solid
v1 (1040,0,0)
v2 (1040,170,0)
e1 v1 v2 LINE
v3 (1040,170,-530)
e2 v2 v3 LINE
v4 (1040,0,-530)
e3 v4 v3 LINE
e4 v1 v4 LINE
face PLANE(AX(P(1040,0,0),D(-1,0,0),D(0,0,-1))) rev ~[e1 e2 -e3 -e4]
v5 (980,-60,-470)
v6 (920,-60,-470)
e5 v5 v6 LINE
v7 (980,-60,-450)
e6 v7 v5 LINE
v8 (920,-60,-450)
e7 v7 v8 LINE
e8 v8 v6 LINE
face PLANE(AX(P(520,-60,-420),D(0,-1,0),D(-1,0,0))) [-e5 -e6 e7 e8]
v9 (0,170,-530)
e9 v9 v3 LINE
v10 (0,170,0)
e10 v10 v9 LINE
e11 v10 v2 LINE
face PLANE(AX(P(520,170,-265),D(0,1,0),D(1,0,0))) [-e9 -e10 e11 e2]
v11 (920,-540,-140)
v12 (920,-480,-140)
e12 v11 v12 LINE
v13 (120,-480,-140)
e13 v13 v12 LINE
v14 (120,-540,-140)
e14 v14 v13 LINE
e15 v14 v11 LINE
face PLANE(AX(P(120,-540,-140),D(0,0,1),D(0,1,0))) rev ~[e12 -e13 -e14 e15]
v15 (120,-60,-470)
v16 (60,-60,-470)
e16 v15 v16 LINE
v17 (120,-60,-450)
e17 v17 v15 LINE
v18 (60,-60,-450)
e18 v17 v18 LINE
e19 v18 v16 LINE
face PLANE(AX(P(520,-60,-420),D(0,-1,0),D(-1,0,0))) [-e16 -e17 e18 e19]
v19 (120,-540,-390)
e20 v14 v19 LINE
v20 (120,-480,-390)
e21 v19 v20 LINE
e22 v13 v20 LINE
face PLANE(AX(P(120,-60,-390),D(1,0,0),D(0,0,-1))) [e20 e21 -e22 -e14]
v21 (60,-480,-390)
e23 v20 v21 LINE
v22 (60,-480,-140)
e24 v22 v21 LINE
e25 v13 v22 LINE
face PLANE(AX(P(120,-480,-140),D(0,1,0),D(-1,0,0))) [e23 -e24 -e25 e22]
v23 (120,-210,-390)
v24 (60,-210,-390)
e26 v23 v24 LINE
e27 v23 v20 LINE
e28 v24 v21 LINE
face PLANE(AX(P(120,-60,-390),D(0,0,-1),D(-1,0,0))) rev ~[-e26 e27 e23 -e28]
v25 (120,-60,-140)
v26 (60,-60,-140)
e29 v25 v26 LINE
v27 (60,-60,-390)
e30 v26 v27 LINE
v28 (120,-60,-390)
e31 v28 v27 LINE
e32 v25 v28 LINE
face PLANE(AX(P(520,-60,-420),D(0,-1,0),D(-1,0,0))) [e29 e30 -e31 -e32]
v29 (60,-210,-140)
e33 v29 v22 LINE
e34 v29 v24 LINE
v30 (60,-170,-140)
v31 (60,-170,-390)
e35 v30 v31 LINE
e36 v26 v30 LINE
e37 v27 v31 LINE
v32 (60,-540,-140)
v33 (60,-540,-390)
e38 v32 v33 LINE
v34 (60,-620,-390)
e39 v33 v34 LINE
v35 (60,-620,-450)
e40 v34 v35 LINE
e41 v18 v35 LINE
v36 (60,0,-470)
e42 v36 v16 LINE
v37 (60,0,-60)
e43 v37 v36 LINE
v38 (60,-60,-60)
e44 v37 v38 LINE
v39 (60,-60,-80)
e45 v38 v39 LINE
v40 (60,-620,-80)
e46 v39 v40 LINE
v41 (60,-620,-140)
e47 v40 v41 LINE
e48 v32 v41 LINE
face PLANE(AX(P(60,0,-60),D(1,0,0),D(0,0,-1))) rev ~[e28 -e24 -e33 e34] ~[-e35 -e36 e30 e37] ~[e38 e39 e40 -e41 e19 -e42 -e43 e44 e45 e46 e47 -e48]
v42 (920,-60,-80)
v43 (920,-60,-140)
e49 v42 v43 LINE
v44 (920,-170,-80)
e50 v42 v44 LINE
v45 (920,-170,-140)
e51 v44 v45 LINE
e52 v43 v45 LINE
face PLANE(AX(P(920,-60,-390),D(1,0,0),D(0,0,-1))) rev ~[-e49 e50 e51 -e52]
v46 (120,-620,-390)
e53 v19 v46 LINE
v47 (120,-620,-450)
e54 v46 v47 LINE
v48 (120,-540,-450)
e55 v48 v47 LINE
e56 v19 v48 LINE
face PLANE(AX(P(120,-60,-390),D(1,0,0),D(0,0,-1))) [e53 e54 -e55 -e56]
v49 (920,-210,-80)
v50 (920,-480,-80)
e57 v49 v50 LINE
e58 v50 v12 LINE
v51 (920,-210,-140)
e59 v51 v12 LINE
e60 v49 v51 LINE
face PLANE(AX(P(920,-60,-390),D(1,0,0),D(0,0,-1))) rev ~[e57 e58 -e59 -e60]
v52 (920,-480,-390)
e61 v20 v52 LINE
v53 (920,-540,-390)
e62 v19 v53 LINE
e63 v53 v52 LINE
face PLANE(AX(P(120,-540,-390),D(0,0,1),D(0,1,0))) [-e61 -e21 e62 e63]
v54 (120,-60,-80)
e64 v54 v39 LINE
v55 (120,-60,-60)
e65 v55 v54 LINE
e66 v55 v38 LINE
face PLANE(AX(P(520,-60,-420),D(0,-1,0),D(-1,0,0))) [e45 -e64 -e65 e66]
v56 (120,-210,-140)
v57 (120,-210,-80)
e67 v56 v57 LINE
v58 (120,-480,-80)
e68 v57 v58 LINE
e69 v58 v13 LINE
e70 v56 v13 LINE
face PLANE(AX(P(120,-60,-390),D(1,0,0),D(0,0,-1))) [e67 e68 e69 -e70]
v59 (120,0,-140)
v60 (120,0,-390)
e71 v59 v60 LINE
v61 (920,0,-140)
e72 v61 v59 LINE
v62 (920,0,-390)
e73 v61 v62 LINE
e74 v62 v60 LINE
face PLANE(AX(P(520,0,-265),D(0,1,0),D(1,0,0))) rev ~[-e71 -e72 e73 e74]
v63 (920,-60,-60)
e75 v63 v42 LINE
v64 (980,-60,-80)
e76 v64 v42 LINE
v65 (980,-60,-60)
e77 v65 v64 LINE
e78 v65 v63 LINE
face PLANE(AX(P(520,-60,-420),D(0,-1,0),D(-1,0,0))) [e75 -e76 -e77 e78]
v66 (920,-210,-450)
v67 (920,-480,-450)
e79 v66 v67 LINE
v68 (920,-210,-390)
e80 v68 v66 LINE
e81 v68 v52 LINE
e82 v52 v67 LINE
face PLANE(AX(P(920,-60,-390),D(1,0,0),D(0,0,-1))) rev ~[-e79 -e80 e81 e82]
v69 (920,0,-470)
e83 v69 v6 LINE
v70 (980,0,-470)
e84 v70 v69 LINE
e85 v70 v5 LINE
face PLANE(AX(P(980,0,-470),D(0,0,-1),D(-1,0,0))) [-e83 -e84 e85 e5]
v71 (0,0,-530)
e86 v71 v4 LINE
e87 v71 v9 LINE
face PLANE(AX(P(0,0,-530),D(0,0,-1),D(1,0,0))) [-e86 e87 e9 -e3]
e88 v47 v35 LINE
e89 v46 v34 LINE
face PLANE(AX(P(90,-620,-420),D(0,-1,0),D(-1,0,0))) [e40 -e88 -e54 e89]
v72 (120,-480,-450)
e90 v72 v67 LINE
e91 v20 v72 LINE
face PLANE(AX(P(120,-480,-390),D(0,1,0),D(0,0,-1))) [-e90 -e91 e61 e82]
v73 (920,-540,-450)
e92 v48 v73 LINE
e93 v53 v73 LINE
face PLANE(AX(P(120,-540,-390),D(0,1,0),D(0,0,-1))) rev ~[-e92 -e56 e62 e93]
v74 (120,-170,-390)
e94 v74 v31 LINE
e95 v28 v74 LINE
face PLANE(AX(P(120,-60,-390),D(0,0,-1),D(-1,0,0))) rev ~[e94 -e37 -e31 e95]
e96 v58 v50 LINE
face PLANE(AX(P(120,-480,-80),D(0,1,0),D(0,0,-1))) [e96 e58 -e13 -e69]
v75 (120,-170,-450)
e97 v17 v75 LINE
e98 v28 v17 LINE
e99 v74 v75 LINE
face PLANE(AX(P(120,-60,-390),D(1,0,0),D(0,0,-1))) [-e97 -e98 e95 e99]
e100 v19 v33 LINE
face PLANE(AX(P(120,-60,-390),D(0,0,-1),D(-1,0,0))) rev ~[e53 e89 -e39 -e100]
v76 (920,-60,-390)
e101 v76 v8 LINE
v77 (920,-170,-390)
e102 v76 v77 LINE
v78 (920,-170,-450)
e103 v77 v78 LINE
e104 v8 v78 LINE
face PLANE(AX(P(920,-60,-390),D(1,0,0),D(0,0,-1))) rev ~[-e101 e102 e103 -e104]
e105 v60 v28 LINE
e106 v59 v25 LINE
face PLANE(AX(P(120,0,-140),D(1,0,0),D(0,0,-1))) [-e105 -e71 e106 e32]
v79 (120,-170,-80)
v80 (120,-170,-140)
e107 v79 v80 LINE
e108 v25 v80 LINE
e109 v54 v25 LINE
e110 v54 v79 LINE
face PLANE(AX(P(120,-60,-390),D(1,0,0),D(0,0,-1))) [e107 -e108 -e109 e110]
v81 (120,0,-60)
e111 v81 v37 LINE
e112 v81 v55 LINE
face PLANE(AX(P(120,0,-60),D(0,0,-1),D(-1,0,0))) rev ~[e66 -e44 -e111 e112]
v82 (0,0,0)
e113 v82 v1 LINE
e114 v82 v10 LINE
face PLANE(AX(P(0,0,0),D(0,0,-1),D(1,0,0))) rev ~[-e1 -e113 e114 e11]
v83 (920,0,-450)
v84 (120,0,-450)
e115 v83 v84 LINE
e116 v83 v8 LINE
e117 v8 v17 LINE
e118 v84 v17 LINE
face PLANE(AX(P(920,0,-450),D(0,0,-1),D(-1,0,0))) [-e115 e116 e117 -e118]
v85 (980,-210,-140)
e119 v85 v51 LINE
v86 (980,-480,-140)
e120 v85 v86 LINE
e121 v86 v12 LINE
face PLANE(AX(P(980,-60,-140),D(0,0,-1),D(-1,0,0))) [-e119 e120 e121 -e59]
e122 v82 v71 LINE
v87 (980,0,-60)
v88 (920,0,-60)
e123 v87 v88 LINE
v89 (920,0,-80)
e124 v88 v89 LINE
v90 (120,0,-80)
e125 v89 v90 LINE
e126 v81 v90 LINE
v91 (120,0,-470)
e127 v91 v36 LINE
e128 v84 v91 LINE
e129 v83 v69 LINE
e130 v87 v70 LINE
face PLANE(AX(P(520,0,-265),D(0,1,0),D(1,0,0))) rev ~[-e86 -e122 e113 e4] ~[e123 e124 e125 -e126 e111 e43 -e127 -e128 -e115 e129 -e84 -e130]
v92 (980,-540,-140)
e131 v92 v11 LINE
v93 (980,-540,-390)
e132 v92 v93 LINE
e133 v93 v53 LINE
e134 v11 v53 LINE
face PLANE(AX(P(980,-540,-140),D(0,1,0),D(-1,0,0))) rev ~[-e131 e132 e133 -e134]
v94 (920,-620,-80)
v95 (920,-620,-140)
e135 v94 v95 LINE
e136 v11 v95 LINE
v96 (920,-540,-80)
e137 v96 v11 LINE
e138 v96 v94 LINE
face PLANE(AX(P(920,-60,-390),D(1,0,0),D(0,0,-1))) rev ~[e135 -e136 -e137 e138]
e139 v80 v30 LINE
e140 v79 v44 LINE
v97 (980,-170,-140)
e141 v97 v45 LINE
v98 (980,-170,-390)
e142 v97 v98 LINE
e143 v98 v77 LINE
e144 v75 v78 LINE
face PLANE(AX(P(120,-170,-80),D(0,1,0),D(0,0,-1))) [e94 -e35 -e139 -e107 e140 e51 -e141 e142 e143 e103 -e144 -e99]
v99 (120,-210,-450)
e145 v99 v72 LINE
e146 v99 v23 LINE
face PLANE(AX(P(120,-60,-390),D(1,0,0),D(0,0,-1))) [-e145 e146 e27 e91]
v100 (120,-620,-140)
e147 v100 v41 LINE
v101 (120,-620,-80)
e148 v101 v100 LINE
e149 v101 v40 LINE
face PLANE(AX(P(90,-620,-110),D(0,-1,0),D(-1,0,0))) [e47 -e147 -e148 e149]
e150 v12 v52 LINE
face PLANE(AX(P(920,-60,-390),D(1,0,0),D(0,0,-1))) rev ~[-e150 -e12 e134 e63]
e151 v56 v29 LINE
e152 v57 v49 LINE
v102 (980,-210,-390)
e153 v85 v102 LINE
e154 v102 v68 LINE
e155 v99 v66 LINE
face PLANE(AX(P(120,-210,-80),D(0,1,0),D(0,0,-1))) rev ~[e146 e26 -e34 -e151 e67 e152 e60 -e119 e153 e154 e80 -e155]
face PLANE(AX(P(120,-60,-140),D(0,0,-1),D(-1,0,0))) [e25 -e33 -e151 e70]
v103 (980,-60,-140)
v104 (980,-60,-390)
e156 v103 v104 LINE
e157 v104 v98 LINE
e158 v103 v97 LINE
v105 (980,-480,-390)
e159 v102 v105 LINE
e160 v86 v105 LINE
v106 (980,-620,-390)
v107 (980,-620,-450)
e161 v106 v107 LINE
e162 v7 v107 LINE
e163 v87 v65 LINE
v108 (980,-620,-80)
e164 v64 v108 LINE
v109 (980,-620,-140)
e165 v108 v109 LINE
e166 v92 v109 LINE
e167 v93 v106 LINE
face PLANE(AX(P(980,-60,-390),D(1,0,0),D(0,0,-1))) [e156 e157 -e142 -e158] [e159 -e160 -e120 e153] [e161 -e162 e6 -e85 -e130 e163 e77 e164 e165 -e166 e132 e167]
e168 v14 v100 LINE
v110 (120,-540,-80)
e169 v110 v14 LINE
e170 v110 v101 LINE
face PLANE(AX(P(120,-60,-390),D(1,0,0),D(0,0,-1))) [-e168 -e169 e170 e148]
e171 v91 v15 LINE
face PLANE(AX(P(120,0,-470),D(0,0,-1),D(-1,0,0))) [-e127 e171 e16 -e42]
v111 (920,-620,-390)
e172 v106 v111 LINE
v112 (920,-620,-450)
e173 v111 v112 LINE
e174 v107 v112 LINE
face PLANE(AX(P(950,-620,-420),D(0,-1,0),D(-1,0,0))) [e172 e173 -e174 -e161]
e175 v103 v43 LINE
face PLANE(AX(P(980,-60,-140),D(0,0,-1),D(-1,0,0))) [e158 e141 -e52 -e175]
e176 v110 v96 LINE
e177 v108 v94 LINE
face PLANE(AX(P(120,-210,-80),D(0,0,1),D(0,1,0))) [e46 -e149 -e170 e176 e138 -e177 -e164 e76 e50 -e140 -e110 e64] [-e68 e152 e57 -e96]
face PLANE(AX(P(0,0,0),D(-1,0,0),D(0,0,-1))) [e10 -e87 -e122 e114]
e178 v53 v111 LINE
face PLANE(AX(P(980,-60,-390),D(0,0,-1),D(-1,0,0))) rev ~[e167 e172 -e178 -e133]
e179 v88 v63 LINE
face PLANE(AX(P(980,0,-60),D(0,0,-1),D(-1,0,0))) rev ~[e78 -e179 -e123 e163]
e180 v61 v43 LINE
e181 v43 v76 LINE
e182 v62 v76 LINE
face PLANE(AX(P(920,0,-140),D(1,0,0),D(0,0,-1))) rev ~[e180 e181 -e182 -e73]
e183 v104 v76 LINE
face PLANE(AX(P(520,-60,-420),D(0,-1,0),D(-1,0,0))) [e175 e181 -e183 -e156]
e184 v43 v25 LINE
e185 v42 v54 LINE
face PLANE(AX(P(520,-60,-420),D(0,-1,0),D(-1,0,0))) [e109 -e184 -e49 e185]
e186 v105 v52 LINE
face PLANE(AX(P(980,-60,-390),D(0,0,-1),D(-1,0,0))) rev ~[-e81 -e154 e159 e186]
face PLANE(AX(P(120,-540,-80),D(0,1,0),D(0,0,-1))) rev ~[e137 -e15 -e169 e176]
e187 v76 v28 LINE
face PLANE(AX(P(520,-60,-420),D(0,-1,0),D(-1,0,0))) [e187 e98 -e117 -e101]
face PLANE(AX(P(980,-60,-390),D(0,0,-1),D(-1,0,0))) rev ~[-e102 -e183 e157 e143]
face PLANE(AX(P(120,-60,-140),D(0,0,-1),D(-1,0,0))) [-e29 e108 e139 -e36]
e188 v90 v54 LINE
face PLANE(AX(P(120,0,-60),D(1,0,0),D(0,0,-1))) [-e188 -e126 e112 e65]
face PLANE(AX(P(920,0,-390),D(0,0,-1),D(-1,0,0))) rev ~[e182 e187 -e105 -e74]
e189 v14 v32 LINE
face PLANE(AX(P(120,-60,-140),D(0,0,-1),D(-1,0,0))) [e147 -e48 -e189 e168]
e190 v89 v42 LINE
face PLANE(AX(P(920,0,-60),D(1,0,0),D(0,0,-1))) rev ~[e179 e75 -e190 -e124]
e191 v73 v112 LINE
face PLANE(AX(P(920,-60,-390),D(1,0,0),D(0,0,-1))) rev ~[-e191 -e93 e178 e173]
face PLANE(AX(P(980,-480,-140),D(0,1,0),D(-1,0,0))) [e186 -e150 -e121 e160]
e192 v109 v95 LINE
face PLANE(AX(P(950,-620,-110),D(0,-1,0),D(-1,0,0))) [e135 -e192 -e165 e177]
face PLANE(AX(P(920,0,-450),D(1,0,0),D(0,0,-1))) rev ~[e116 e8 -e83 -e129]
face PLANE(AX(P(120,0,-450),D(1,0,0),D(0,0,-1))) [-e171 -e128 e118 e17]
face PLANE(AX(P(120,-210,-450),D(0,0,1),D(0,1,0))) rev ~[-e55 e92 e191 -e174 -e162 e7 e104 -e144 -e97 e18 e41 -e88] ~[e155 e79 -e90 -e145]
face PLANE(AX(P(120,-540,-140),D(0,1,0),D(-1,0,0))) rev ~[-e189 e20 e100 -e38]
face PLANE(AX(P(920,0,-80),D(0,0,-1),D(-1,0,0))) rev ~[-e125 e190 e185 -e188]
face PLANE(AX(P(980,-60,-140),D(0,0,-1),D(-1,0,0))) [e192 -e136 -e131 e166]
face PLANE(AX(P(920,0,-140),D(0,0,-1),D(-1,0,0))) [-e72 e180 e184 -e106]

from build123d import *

# Parameters (mm, degrees)
SKETCH_2_W      = 1040
SKETCH_2_H      = 530
EXTRUDE_1_DEPTH = 170
SKETCH_3_W      = 800
SKETCH_3_H      = 60
SKETCH_3_W_2    = 60
SKETCH_3_H_2    = 410
EXTRUDE_2_DEPTH = 60
SKETCH_4_W      = 60
SKETCH_4_H      = 60
EXTRUDE_3_DEPTH = 560
EXTRUDE_4_REACH = 1274.046
SKETCH_5_W      = 60
SKETCH_5_H      = 60
SKETCH_5_H_2    = 40
EXTRUDE_5_REACH = 1231.512
SKETCH_6_W      = 60
SKETCH_6_H      = 60
EXTRUDE_6_REACH = 1231.512
SKETCH_7_W      = 370
SKETCH_7_H      = 40


with BuildPart() as part:
    # ｽｹｯﾁ2 → ﾎﾞｽ - 押し出し1 (new body)
    with BuildSketch(Plane(origin=(0, 0, 0), x_dir=(1, 0, 0), z_dir=(0, 1, 0))):
        with Locations((520, 265)):
            Rectangle(SKETCH_2_W, SKETCH_2_H)
    extrude(amount=EXTRUDE_1_DEPTH)

    # ｽｹｯﾁ3 → ﾎﾞｽ - 押し出し2 (add)
    with BuildSketch(Plane(origin=(0, 0, 0), x_dir=(-1, 0, 0), z_dir=(0, -1, 0))):
        with Locations((-520, 420)):
            Rectangle(SKETCH_3_W, SKETCH_3_H)
        with Locations((-950, 265)):
            Rectangle(SKETCH_3_W_2, SKETCH_3_H_2)
        with Locations((-520, 110)):
            Rectangle(SKETCH_3_W, SKETCH_3_H)
        with Locations((-90, 265)):
            Rectangle(SKETCH_3_W_2, SKETCH_3_H_2)
    extrude(amount=EXTRUDE_2_DEPTH)

    # ｽｹｯﾁ4 → ﾎﾞｽ - 押し出し3 (add)
    with BuildSketch(Plane(origin=(0, -60, 0), x_dir=(-1, 0, 0), z_dir=(0, -1, 0))):
        with Locations((-950, 420)):
            Rectangle(SKETCH_4_W, SKETCH_4_H)
        with Locations((-950, 110)):
            Rectangle(SKETCH_4_W, SKETCH_4_H)
        with Locations((-90, 420)):
            Rectangle(SKETCH_4_W, SKETCH_4_H)
        with Locations((-90, 110)):
            Rectangle(SKETCH_4_W, SKETCH_4_H)
    extrude(amount=EXTRUDE_3_DEPTH)

    # ｽｹｯﾁ5 → ﾎﾞｽ - 押し出し4 (add, up to next)
    with BuildSketch(Plane(origin=(0, 0, -140), x_dir=(-1, 0, 0), z_dir=(0, 0, -1)), mode=Mode.PRIVATE) as extrude_4_sk1:
        with Locations((-90, -510)):
            Rectangle(SKETCH_5_W, SKETCH_5_H)
    extrude_4_tool1 = extrude(extrude_4_sk1.sketch, amount=EXTRUDE_4_REACH, mode=Mode.PRIVATE) - part.part
    # ｽｹｯﾁ5 → ﾎﾞｽ - 押し出し4 (add, up to next)
    with BuildSketch(Plane(origin=(0, 0, -140), x_dir=(-1, 0, 0), z_dir=(0, 0, -1)), mode=Mode.PRIVATE) as extrude_4_sk2:
        with Locations((-950, -510)):
            Rectangle(SKETCH_5_W, SKETCH_5_H)
    extrude_4_tool2 = extrude(extrude_4_sk2.sketch, amount=EXTRUDE_4_REACH, mode=Mode.PRIVATE) - part.part
    # ｽｹｯﾁ5 → ﾎﾞｽ - 押し出し4 (add, up to next)
    with BuildSketch(Plane(origin=(0, 0, -140), x_dir=(-1, 0, 0), z_dir=(0, 0, -1)), mode=Mode.PRIVATE) as extrude_4_sk3:
        with Locations((-950, -190)):
            Rectangle(SKETCH_5_W, SKETCH_5_H_2)
    extrude_4_tool3 = extrude(extrude_4_sk3.sketch, amount=EXTRUDE_4_REACH, mode=Mode.PRIVATE) - part.part
    # ｽｹｯﾁ5 → ﾎﾞｽ - 押し出し4 (add, up to next)
    with BuildSketch(Plane(origin=(0, 0, -140), x_dir=(-1, 0, 0), z_dir=(0, 0, -1)), mode=Mode.PRIVATE) as extrude_4_sk4:
        with Locations((-90, -190)):
            Rectangle(SKETCH_5_W, SKETCH_5_H_2)
    extrude_4_tool4 = extrude(extrude_4_sk4.sketch, amount=EXTRUDE_4_REACH, mode=Mode.PRIVATE) - part.part
    add(extrude_4_tool1.solids().sort_by_distance((90, -510, -140))[0])
    add(extrude_4_tool2.solids().sort_by_distance((950, -510, -140))[0])
    add(extrude_4_tool3.solids().sort_by_distance((950, -190, -140))[0])
    add(extrude_4_tool4.solids().sort_by_distance((90, -190, -140))[0])

    # ｽｹｯﾁ6 → ﾎﾞｽ - 押し出し5 (add, up to next)
    with BuildSketch(Plane(origin=(120, 0, 0), x_dir=(0, 0, -1), z_dir=(1, 0, 0)), mode=Mode.PRIVATE) as extrude_5_sk1:
        with Locations((420, -510)):
            Rectangle(SKETCH_6_W, SKETCH_6_H)
    extrude_5_tool1 = extrude(extrude_5_sk1.sketch, amount=EXTRUDE_5_REACH, mode=Mode.PRIVATE) - part.part
    # ｽｹｯﾁ6 → ﾎﾞｽ - 押し出し5 (add, up to next)
    with BuildSketch(Plane(origin=(120, 0, 0), x_dir=(0, 0, -1), z_dir=(1, 0, 0)), mode=Mode.PRIVATE) as extrude_5_sk2:
        with Locations((110, -510)):
            Rectangle(SKETCH_6_W, SKETCH_6_H)
    extrude_5_tool2 = extrude(extrude_5_sk2.sketch, amount=EXTRUDE_5_REACH, mode=Mode.PRIVATE) - part.part
    add(extrude_5_tool1.solids().sort_by_distance((120, -510, -420))[0])
    add(extrude_5_tool2.solids().sort_by_distance((120, -510, -110))[0])

    # ｽｹｯﾁ7 → ﾎﾞｽ - 押し出し6 (add, up to next)
    with BuildSketch(Plane(origin=(120, 0, 0), x_dir=(0, 0, -1), z_dir=(1, 0, 0)), mode=Mode.PRIVATE) as extrude_6_sk1:
        with Locations((265, -190)):
            Rectangle(SKETCH_7_W, SKETCH_7_H)
    extrude_6_tool1 = extrude(extrude_6_sk1.sketch, amount=EXTRUDE_6_REACH, mode=Mode.PRIVATE) - part.part
    add(extrude_6_tool1.solids().sort_by_distance((120, -190, -265))[0])


solid = part.part
